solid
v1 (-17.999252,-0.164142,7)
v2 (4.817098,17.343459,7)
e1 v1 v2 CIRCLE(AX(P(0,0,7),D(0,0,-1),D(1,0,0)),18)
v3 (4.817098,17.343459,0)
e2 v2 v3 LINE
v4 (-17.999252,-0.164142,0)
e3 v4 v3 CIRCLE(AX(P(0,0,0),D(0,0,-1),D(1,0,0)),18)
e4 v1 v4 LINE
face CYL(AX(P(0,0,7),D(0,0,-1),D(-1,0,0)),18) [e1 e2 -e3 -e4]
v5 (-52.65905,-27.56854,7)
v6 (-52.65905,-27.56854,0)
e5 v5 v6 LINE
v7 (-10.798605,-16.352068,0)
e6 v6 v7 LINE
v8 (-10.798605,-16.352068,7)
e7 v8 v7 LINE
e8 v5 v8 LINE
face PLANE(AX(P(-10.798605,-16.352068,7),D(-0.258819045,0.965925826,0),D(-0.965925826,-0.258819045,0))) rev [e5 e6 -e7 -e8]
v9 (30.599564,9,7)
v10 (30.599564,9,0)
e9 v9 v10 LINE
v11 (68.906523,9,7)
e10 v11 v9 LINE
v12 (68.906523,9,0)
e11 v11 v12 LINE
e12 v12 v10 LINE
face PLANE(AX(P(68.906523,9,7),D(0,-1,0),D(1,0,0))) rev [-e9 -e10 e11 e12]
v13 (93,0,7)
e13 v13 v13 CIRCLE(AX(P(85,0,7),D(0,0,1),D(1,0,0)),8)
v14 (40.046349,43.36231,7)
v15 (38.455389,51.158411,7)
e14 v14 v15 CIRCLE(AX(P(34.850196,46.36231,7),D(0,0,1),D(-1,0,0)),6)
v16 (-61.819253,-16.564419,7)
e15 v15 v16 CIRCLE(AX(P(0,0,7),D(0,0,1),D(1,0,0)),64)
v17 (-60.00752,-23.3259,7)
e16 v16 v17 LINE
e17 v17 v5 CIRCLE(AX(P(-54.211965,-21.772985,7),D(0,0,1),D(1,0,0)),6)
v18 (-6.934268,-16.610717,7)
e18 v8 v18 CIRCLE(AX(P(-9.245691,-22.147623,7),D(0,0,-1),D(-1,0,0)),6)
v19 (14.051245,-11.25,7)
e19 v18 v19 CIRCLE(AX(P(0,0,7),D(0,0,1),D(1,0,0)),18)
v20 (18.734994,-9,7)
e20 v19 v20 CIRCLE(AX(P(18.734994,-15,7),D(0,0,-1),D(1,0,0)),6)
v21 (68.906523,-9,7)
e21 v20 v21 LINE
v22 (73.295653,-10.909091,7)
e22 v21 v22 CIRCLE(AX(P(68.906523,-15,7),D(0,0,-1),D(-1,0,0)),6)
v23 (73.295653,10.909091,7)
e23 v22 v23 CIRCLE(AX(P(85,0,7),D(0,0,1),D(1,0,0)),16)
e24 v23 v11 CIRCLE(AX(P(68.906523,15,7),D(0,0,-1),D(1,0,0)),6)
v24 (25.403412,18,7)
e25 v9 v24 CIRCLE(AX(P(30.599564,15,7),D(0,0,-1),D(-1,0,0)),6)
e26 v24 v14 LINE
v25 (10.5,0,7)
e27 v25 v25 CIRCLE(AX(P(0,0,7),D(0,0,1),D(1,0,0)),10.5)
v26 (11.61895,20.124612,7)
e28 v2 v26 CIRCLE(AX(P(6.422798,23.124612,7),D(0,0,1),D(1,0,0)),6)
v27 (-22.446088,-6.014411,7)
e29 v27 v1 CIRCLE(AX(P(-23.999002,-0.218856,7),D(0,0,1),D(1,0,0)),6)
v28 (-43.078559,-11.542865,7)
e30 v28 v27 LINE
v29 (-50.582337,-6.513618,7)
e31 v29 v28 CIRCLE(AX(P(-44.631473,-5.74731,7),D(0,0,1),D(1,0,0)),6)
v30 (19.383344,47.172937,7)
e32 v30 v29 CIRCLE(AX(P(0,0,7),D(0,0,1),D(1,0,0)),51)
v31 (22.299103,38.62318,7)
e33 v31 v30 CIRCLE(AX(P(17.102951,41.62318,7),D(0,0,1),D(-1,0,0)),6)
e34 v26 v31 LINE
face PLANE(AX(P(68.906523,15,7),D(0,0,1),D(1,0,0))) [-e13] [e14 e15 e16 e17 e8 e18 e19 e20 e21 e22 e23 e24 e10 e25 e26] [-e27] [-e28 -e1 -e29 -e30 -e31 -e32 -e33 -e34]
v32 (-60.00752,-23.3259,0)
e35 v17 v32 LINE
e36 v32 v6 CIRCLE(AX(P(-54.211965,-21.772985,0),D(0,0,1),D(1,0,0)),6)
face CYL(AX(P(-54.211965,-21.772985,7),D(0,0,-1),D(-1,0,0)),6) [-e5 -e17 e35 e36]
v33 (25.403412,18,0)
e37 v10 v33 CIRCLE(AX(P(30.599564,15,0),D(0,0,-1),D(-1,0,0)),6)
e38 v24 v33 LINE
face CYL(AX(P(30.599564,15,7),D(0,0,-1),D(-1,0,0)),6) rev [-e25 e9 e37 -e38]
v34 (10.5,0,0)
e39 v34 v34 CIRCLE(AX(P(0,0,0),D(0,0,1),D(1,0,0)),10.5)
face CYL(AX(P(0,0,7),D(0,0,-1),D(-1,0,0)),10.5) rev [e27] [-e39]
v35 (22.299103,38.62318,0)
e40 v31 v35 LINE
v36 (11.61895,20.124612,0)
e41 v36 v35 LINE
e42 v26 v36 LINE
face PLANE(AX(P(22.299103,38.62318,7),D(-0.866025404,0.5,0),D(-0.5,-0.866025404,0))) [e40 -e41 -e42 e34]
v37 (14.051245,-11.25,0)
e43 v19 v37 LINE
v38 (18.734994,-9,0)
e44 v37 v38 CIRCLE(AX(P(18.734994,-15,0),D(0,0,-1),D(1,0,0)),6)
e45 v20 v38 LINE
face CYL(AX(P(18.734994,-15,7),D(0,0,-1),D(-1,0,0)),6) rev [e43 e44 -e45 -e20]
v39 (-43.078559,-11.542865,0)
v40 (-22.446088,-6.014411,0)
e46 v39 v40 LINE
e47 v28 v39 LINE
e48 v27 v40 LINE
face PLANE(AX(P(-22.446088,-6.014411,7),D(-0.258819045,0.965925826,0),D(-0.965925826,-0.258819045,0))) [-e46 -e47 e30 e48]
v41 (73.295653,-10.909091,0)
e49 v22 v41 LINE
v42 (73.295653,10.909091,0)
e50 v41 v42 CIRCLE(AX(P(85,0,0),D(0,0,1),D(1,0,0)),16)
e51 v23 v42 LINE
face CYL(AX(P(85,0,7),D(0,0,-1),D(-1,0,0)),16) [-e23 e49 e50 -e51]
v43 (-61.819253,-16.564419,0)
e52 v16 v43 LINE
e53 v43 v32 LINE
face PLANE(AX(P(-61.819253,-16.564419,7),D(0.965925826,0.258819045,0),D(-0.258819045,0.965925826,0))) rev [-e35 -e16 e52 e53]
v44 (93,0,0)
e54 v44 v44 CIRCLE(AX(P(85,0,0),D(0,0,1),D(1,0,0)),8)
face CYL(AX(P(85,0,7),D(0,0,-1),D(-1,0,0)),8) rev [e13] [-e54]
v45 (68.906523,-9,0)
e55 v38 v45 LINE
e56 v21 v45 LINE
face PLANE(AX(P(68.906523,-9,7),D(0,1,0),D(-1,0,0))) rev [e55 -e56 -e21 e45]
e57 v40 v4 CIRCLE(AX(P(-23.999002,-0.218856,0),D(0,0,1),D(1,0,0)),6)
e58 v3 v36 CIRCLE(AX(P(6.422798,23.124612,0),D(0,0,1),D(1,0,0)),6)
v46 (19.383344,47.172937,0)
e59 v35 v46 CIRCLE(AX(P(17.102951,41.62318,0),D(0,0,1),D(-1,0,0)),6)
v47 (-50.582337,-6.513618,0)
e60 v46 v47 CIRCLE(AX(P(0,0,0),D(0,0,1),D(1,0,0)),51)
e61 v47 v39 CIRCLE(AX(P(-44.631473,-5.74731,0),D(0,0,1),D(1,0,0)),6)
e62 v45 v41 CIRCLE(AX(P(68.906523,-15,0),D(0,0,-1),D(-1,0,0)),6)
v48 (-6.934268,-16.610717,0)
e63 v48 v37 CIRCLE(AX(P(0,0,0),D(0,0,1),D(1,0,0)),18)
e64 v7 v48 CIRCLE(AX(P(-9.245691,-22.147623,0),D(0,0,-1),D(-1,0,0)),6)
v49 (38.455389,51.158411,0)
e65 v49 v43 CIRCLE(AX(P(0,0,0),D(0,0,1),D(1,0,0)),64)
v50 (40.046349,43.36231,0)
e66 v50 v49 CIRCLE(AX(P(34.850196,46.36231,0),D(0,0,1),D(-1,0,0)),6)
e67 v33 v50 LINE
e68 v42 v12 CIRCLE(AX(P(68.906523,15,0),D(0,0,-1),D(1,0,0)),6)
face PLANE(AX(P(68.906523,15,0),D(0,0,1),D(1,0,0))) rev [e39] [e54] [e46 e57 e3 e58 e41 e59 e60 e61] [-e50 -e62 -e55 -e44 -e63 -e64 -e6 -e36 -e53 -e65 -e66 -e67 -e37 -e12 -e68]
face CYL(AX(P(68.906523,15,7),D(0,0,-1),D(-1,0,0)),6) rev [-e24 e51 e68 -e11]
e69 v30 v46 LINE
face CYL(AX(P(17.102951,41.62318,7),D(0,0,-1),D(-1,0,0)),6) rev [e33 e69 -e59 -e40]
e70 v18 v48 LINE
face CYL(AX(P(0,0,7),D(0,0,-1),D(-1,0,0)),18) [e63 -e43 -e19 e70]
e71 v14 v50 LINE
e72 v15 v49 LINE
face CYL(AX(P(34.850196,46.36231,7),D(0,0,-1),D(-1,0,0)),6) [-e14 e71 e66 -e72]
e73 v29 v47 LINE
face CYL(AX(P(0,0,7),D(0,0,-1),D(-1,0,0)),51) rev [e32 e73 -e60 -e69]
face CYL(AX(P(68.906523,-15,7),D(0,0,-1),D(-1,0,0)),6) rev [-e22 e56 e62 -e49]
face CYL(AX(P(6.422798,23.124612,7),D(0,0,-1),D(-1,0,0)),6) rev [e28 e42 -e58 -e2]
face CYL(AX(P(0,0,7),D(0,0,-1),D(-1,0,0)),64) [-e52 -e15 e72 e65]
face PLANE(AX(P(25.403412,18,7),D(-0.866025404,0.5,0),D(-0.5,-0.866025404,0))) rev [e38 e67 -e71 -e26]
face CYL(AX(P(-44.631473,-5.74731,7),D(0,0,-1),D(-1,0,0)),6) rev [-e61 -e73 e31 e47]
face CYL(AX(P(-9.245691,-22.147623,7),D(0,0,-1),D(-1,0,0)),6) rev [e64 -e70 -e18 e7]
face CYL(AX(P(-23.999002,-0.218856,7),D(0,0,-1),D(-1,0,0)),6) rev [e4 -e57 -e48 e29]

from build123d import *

# Parameters (mm, degrees)
SKETCH1_R           = 10.5
SKETCH1_R_2         = 8
BOSS_EXTRUDE1_DEPTH = 7


with BuildPart() as part:
    # Sketch1 → Boss-Extrude1 (new body)
    with BuildSketch(Plane.XY):
        with BuildLine():
            Line((25.403411844, 18), (40.04634859, 43.362310416))
            ThreePointArc((40.04634859, 43.362310416), (40.729032534, 47.562011618), (38.455388874, 51.158411493))
            ThreePointArc((38.455388874, 51.158411493), (-35.819868425, 53.037128749), (-61.819252882, -16.564418887))
            Line((-61.819252882, -16.564418887), (-60.007519567, -23.325899671))
            ThreePointArc((-60.007519567, -23.325899671), (-57.211964609, -26.969137823), (-52.659050338, -27.568540358))
            Line((-52.659050338, -27.568540358), (-10.79860525, -16.352067901))
            ThreePointArc((-10.79860525, -16.352067901), (-8.844993295, -16.161017697), (-6.934268235, -16.610717144))
            ThreePointArc((-6.934268235, -16.610717144), (4.455015534, -17.439978113), (14.051245496, -11.25))
            ThreePointArc((14.051245496, -11.25), (16.136917784, -9.591673087), (18.734993995, -9))
            Line((18.734993995, -9), (68.906523061, -9))
            ThreePointArc((68.906523061, -9), (71.299695166, -9.497934272), (73.295653135, -10.909090909))
            ThreePointArc((73.295653135, -10.909090909), (101, 0), (73.295653135, 10.909090909))
            ThreePointArc((73.295653135, 10.909090909), (71.299695166, 9.497934272), (68.906523061, 9))
            Line((68.906523061, 9), (30.599564267, 9))
            ThreePointArc((30.599564267, 9), (25.403411844, 12), (25.403411844, 18))
        make_face()
        Circle(SKETCH1_R, mode=Mode.SUBTRACT)
        with Locations((85, 0)):
            Circle(SKETCH1_R_2, mode=Mode.SUBTRACT)
        with BuildLine():
            Line((-22.446087833, -6.014411108), (-43.078559215, -11.542865153))
            ThreePointArc((-43.078559215, -11.542865153), (-47.971955445, -10.731402919), (-50.582336617, -6.513618221))
            ThreePointArc((-50.582336617, -6.513618221), (-31.046832879, 40.461020355), (19.383344125, 47.172936845))
            ThreePointArc((19.383344125, 47.172936845), (22.781794932, 43.559859246), (22.299103121, 38.623179569))
            Line((22.299103121, 38.623179569), (11.618950039, 20.124611797))
            ThreePointArc((11.618950039, 20.124611797), (8.69359949, 17.570923037), (4.817098212, 17.343458848))
            ThreePointArc((4.817098212, 17.343458848), (-10.957705722, 14.280360125), (-17.999251578, -0.164142113))
            ThreePointArc((-17.999251578, -0.164142113), (-19.222277472, -3.849682749), (-22.446087833, -6.014411108))
        make_face(mode=Mode.SUBTRACT)
    extrude(amount=BOSS_EXTRUDE1_DEPTH)


solid = part.part
